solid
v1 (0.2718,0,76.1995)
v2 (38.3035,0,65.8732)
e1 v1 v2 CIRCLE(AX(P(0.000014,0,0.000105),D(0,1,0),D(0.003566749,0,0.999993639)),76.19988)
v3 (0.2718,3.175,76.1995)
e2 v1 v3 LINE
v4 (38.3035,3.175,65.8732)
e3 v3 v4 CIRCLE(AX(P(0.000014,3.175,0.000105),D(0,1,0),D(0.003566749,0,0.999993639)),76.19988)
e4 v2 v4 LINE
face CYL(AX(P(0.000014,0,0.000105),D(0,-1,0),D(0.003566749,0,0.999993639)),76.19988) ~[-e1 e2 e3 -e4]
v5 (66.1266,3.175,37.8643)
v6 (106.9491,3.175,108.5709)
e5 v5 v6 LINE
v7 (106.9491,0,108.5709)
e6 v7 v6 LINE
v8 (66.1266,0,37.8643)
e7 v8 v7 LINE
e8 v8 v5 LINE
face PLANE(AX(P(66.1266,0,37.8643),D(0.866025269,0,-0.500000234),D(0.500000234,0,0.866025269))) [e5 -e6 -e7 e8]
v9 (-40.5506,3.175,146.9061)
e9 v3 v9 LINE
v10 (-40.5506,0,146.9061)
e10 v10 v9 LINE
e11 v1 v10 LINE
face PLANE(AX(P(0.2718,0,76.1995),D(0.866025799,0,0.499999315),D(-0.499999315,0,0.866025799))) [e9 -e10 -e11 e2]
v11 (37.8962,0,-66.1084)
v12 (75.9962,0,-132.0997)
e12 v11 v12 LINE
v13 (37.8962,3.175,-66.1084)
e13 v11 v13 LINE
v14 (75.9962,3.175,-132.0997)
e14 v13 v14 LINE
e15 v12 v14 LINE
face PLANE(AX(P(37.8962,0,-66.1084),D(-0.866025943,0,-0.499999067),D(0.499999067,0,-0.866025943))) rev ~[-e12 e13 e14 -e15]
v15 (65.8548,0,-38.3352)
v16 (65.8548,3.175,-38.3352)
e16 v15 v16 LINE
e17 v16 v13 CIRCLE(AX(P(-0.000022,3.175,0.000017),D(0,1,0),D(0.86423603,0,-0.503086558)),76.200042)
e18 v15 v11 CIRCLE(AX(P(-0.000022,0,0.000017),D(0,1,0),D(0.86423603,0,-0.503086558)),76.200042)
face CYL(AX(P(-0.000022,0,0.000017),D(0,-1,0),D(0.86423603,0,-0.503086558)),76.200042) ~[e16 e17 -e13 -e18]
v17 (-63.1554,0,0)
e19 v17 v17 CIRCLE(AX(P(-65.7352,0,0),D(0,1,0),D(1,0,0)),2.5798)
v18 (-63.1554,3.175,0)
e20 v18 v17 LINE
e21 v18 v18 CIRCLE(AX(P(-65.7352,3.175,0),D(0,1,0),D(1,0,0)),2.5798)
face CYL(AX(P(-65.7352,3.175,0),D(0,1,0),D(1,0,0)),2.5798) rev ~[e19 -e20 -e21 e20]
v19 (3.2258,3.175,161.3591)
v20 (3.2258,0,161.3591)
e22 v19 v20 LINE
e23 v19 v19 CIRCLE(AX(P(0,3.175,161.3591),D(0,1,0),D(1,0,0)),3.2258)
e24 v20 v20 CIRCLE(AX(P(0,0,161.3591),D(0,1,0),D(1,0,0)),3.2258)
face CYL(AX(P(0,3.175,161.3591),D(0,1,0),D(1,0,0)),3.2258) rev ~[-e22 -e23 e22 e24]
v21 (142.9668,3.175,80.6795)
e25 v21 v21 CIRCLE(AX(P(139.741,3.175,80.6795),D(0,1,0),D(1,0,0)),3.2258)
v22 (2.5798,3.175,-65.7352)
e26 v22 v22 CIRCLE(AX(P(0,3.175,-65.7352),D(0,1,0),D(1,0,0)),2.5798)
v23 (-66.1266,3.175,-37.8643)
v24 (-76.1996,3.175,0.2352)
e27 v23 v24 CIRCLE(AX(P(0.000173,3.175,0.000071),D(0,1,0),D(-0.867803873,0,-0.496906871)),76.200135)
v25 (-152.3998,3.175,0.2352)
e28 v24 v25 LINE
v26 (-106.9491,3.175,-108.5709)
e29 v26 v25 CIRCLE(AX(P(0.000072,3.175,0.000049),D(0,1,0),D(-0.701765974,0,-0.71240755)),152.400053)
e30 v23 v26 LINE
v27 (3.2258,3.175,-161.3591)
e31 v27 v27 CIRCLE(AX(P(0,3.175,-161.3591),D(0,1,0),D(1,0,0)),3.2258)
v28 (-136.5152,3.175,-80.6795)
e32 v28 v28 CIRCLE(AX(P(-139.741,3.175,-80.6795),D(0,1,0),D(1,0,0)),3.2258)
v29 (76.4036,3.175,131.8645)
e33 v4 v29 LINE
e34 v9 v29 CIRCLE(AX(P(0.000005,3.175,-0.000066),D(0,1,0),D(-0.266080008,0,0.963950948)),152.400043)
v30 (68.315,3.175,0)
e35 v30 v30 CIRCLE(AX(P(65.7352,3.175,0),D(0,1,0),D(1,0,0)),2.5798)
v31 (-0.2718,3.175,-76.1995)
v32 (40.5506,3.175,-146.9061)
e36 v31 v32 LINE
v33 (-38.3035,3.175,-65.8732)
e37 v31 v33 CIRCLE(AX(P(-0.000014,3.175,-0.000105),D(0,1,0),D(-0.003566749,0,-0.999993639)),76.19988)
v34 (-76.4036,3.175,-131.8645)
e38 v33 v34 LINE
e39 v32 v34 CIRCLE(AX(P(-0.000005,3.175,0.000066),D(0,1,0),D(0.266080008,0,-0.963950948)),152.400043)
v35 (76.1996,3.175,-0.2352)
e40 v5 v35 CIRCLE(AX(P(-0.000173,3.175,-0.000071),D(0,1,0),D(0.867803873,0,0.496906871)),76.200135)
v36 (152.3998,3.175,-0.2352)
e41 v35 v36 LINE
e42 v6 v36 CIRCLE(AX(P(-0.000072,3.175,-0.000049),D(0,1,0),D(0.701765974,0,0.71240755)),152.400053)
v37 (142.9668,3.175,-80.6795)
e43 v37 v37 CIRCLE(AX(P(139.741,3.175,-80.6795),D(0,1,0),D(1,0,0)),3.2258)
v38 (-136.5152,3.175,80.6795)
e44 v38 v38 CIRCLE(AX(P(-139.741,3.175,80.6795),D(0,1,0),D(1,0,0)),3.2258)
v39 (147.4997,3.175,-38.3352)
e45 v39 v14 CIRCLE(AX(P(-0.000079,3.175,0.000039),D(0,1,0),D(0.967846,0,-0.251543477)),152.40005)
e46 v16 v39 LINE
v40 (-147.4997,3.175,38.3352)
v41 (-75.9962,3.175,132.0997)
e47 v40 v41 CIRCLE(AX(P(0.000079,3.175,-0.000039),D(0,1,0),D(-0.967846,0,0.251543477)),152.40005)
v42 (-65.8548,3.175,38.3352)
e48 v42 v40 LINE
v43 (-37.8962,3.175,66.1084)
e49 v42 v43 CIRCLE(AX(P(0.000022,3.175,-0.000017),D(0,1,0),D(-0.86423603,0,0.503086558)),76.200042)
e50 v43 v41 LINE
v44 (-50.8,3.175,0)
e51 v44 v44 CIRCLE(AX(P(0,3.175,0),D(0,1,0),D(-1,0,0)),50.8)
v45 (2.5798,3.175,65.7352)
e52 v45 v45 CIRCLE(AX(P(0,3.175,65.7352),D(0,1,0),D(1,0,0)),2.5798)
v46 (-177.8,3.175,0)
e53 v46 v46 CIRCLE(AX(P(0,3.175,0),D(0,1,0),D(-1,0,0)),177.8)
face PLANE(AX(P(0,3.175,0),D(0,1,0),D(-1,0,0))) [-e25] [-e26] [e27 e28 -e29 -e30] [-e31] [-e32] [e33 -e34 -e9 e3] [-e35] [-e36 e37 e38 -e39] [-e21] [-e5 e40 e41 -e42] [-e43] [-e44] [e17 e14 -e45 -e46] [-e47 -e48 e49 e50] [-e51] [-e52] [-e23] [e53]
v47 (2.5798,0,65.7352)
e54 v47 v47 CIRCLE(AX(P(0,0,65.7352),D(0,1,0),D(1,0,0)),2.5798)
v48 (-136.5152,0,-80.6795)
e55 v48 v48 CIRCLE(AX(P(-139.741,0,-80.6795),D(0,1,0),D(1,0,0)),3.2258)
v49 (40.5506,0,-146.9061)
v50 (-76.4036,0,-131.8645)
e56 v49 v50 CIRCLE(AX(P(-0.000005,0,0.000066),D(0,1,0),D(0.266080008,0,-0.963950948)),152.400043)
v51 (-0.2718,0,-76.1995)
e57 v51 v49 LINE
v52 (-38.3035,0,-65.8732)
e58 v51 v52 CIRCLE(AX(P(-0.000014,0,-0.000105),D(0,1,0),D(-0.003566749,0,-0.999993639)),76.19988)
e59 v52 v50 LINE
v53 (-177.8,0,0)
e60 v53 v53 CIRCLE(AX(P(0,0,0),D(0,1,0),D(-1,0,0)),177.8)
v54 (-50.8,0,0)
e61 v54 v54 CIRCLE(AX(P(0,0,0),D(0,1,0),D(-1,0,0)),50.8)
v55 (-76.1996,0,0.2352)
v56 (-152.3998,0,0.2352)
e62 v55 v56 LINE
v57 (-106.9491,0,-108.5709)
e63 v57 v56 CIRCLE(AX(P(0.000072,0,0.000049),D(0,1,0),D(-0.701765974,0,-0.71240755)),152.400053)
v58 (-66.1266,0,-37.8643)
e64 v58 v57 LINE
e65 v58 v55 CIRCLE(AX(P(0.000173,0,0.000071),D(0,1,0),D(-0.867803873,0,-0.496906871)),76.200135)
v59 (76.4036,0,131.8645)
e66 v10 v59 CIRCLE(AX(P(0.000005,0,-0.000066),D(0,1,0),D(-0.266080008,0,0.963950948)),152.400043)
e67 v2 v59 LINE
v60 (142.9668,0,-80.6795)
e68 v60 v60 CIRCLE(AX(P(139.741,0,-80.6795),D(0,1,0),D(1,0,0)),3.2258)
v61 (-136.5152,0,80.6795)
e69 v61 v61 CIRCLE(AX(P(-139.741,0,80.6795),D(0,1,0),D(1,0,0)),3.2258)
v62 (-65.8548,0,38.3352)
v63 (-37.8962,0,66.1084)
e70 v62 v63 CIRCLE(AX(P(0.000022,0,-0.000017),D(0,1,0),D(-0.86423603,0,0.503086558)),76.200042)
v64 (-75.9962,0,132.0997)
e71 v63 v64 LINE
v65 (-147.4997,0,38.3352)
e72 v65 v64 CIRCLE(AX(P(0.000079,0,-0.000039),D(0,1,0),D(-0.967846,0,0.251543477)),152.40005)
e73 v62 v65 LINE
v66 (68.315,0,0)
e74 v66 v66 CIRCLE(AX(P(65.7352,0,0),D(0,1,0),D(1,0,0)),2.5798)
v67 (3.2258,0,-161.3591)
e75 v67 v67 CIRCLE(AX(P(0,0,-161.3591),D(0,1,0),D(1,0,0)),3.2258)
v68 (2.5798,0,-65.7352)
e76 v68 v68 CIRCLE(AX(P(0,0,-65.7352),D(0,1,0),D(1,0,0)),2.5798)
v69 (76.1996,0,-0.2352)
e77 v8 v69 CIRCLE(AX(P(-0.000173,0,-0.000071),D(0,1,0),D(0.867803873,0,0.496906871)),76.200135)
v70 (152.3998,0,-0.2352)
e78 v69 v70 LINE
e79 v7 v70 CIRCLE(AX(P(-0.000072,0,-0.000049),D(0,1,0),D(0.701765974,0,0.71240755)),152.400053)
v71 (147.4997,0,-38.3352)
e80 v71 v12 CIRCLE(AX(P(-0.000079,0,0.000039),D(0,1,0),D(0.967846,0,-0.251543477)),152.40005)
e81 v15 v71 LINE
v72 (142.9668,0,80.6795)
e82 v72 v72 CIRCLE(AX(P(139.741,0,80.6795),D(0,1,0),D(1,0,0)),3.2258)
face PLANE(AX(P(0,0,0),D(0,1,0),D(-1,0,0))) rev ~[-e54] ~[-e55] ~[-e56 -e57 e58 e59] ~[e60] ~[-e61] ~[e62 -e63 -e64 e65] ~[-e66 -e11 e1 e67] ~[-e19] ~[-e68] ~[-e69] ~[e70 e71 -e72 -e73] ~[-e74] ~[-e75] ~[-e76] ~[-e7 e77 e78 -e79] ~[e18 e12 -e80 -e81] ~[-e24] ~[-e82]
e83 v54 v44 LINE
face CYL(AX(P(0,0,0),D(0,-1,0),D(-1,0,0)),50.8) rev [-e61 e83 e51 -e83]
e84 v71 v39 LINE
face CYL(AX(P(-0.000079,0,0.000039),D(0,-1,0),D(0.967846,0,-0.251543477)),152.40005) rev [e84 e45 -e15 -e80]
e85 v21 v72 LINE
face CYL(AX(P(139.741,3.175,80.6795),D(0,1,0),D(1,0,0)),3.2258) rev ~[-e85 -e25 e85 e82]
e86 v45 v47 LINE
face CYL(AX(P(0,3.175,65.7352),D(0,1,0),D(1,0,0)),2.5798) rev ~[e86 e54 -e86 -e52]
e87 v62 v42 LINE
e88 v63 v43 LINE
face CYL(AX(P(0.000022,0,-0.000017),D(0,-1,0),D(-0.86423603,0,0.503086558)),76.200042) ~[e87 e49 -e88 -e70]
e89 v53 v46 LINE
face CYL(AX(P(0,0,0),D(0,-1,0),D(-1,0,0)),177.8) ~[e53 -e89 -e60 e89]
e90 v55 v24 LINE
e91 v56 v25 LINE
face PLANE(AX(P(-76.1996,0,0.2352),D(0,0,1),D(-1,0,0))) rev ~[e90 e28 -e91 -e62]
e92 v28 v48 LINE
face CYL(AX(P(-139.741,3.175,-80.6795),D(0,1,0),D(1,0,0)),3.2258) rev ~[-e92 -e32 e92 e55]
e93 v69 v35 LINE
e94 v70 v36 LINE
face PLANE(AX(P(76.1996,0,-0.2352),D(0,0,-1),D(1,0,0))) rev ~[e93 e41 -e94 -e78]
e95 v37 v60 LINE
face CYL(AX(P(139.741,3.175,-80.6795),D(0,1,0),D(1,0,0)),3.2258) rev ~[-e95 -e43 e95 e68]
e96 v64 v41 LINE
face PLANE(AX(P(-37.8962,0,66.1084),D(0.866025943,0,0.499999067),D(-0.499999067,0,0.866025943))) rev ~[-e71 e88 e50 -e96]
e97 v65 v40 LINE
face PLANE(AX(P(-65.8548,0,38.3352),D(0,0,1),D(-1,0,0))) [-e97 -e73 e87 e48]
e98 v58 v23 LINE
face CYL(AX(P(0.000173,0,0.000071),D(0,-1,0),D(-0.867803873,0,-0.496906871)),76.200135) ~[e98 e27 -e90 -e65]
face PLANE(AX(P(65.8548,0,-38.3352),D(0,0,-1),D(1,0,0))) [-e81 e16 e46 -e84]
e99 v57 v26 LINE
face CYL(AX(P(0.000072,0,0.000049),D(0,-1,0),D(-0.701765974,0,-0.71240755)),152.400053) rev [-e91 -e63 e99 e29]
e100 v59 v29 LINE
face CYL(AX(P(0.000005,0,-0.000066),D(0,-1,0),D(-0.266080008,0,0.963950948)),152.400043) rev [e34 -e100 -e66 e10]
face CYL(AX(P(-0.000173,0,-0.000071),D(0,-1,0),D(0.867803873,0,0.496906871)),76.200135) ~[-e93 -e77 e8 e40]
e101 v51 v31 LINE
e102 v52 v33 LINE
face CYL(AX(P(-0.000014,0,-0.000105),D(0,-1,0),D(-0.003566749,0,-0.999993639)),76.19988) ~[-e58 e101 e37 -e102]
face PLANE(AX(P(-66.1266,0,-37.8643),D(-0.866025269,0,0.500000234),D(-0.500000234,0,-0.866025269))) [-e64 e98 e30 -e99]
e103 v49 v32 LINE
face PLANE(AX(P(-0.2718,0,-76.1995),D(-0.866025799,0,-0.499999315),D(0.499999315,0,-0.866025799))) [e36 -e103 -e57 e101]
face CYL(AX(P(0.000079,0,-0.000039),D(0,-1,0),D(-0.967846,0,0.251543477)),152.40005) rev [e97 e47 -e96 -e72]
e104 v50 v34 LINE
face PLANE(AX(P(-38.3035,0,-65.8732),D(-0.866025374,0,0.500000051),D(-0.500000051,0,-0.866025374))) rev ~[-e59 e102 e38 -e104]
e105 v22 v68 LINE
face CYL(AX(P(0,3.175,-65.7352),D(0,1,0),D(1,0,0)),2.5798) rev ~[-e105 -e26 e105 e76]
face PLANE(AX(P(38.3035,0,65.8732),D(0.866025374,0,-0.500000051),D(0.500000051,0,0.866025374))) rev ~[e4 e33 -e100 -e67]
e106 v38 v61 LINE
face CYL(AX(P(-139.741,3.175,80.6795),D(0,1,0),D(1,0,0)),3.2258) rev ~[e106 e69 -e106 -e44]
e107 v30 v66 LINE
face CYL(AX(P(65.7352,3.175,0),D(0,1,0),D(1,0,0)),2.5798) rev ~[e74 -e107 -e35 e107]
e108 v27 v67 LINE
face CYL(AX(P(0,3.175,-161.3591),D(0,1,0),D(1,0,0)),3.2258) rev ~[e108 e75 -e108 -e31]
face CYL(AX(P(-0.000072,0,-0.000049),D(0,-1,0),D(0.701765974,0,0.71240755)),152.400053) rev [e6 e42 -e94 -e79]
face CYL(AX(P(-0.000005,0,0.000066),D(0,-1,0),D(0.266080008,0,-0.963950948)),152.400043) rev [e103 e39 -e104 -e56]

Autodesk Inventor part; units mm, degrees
ref_plane "YZ Plane" through (0, 0, 0) normal (1, 0, 0) x (0, 1, 0)
ref_plane "XZ Plane" through (0, 0, 0) normal (0, 1, 0) x (-1, 0, 0)
ref_plane "XY Plane" through (0, 0, 0) normal (0, 0, 1) x (1, 0, 0)
sketch "Sketch1" plane through (0, 0, 0) normal (0, 1, 0) x (-1, 0, 0)
  circle A0 centre (0, 0) radius 50.8
  circle A1 centre (0, 0) radius 177.8
  line L0 (65.8548, 38.3352) -> (147.4997, 38.3352)
  line L1 (76.1996, 0.2352) -> (152.3998, 0.2352)
  line L2 (-0.2718, 76.1995) -> (40.5506, 146.9061)
  line L3 (37.8962, 66.1084) -> (75.9962, 132.0997)
  line L4 (-66.1266, 37.8643) -> (-106.9491, 108.5709)
  line L5 (-38.3035, 65.8732) -> (-76.4036, 131.8645)
  line L6 (-65.8548, -38.3352) -> (-147.4997, -38.3352)
  line L7 (-76.1996, -0.2352) -> (-152.3998, -0.2352)
  line L8 (0.2718, -76.1995) -> (-40.5506, -146.9061)
  line L9 (-37.8962, -66.1084) -> (-75.9962, -132.0997)
  line L10 (66.1266, -37.8643) -> (106.9491, -108.5709)
  line L11 (38.3035, -65.8732) -> (76.4036, -131.8645)
  arc A2 (66.1266, -37.8643) -> (76.1996, 0.2352) centre (0, 0) ccw
  arc A3 (106.9491, -108.5709) -> (152.3998, 0.2352) centre (0, 0) ccw
  arc A4 (-40.5506, -146.9061) -> (76.4036, -131.8645) centre (0, 0) ccw
  arc A5 (0.2718, -76.1995) -> (38.3035, -65.8732) centre (0, 0) ccw
  arc A6 (-65.8548, -38.3352) -> (-37.8962, -66.1084) centre (0, 0) ccw
  arc A7 (-147.4997, -38.3352) -> (-75.9962, -132.0997) centre (0, 0) ccw
  arc A8 (-106.9491, 108.5709) -> (-152.3998, -0.2352) centre (0, 0) ccw
  arc A9 (-66.1266, 37.8643) -> (-76.1996, -0.2352) centre (0, 0) ccw
  arc A10 (65.8548, 38.3352) -> (37.8962, 66.1084) centre (0, 0) ccw
  arc A11 (-0.2718, 76.1995) -> (-38.3035, 65.8732) centre (0, 0) ccw
  arc A12 (147.4997, 38.3352) -> (75.9962, 132.0997) centre (0, 0) ccw
  arc A13 (40.5506, 146.9061) -> (-76.4036, 131.8645) centre (0, 0) ccw
  dimension "d0" = 101.6
  dimension "d1" = 355.6
  dimension "d4" = 38.1
  dimension "d7" = 360
  dimension "d11" = 25.4
  dimension "d12" = 25.4
extrude "Extrusion1" add sketch "Sketch1" along normal blind 3.175
sketch "Sketch2" plane through (0, 3.175, 0) normal (0, 1, 0) x (1, 0, 0)
  circle A0 centre (-65.7352, 0) radius 2.5798 projected
  circle A1 centre (0, -65.7352) radius 2.5798 projected
  circle A2 centre (65.7352, 0) radius 2.5798 projected
  circle A3 centre (0, 65.7352) radius 2.5798 projected
  circle A4 centre (-139.741, 80.6795) radius 3.2258 projected
  circle A5 centre (0, 161.3591) radius 3.2258 projected
  circle A6 centre (139.741, 80.6795) radius 3.2258 projected
  circle A7 centre (139.741, -80.6795) radius 3.2258 projected
  circle A8 centre (0, -161.3591) radius 3.2258 projected
  circle A9 centre (-139.741, -80.6795) radius 3.2258 projected
  circle A10 centre (-139.741, 80.6795) radius 3.2258 projected
  point P0 (0, 0)
extrude "Extrusion2" cut sketch "Sketch2" against normal blind 3.175
properties part number "Gear and Turntable Connector"
